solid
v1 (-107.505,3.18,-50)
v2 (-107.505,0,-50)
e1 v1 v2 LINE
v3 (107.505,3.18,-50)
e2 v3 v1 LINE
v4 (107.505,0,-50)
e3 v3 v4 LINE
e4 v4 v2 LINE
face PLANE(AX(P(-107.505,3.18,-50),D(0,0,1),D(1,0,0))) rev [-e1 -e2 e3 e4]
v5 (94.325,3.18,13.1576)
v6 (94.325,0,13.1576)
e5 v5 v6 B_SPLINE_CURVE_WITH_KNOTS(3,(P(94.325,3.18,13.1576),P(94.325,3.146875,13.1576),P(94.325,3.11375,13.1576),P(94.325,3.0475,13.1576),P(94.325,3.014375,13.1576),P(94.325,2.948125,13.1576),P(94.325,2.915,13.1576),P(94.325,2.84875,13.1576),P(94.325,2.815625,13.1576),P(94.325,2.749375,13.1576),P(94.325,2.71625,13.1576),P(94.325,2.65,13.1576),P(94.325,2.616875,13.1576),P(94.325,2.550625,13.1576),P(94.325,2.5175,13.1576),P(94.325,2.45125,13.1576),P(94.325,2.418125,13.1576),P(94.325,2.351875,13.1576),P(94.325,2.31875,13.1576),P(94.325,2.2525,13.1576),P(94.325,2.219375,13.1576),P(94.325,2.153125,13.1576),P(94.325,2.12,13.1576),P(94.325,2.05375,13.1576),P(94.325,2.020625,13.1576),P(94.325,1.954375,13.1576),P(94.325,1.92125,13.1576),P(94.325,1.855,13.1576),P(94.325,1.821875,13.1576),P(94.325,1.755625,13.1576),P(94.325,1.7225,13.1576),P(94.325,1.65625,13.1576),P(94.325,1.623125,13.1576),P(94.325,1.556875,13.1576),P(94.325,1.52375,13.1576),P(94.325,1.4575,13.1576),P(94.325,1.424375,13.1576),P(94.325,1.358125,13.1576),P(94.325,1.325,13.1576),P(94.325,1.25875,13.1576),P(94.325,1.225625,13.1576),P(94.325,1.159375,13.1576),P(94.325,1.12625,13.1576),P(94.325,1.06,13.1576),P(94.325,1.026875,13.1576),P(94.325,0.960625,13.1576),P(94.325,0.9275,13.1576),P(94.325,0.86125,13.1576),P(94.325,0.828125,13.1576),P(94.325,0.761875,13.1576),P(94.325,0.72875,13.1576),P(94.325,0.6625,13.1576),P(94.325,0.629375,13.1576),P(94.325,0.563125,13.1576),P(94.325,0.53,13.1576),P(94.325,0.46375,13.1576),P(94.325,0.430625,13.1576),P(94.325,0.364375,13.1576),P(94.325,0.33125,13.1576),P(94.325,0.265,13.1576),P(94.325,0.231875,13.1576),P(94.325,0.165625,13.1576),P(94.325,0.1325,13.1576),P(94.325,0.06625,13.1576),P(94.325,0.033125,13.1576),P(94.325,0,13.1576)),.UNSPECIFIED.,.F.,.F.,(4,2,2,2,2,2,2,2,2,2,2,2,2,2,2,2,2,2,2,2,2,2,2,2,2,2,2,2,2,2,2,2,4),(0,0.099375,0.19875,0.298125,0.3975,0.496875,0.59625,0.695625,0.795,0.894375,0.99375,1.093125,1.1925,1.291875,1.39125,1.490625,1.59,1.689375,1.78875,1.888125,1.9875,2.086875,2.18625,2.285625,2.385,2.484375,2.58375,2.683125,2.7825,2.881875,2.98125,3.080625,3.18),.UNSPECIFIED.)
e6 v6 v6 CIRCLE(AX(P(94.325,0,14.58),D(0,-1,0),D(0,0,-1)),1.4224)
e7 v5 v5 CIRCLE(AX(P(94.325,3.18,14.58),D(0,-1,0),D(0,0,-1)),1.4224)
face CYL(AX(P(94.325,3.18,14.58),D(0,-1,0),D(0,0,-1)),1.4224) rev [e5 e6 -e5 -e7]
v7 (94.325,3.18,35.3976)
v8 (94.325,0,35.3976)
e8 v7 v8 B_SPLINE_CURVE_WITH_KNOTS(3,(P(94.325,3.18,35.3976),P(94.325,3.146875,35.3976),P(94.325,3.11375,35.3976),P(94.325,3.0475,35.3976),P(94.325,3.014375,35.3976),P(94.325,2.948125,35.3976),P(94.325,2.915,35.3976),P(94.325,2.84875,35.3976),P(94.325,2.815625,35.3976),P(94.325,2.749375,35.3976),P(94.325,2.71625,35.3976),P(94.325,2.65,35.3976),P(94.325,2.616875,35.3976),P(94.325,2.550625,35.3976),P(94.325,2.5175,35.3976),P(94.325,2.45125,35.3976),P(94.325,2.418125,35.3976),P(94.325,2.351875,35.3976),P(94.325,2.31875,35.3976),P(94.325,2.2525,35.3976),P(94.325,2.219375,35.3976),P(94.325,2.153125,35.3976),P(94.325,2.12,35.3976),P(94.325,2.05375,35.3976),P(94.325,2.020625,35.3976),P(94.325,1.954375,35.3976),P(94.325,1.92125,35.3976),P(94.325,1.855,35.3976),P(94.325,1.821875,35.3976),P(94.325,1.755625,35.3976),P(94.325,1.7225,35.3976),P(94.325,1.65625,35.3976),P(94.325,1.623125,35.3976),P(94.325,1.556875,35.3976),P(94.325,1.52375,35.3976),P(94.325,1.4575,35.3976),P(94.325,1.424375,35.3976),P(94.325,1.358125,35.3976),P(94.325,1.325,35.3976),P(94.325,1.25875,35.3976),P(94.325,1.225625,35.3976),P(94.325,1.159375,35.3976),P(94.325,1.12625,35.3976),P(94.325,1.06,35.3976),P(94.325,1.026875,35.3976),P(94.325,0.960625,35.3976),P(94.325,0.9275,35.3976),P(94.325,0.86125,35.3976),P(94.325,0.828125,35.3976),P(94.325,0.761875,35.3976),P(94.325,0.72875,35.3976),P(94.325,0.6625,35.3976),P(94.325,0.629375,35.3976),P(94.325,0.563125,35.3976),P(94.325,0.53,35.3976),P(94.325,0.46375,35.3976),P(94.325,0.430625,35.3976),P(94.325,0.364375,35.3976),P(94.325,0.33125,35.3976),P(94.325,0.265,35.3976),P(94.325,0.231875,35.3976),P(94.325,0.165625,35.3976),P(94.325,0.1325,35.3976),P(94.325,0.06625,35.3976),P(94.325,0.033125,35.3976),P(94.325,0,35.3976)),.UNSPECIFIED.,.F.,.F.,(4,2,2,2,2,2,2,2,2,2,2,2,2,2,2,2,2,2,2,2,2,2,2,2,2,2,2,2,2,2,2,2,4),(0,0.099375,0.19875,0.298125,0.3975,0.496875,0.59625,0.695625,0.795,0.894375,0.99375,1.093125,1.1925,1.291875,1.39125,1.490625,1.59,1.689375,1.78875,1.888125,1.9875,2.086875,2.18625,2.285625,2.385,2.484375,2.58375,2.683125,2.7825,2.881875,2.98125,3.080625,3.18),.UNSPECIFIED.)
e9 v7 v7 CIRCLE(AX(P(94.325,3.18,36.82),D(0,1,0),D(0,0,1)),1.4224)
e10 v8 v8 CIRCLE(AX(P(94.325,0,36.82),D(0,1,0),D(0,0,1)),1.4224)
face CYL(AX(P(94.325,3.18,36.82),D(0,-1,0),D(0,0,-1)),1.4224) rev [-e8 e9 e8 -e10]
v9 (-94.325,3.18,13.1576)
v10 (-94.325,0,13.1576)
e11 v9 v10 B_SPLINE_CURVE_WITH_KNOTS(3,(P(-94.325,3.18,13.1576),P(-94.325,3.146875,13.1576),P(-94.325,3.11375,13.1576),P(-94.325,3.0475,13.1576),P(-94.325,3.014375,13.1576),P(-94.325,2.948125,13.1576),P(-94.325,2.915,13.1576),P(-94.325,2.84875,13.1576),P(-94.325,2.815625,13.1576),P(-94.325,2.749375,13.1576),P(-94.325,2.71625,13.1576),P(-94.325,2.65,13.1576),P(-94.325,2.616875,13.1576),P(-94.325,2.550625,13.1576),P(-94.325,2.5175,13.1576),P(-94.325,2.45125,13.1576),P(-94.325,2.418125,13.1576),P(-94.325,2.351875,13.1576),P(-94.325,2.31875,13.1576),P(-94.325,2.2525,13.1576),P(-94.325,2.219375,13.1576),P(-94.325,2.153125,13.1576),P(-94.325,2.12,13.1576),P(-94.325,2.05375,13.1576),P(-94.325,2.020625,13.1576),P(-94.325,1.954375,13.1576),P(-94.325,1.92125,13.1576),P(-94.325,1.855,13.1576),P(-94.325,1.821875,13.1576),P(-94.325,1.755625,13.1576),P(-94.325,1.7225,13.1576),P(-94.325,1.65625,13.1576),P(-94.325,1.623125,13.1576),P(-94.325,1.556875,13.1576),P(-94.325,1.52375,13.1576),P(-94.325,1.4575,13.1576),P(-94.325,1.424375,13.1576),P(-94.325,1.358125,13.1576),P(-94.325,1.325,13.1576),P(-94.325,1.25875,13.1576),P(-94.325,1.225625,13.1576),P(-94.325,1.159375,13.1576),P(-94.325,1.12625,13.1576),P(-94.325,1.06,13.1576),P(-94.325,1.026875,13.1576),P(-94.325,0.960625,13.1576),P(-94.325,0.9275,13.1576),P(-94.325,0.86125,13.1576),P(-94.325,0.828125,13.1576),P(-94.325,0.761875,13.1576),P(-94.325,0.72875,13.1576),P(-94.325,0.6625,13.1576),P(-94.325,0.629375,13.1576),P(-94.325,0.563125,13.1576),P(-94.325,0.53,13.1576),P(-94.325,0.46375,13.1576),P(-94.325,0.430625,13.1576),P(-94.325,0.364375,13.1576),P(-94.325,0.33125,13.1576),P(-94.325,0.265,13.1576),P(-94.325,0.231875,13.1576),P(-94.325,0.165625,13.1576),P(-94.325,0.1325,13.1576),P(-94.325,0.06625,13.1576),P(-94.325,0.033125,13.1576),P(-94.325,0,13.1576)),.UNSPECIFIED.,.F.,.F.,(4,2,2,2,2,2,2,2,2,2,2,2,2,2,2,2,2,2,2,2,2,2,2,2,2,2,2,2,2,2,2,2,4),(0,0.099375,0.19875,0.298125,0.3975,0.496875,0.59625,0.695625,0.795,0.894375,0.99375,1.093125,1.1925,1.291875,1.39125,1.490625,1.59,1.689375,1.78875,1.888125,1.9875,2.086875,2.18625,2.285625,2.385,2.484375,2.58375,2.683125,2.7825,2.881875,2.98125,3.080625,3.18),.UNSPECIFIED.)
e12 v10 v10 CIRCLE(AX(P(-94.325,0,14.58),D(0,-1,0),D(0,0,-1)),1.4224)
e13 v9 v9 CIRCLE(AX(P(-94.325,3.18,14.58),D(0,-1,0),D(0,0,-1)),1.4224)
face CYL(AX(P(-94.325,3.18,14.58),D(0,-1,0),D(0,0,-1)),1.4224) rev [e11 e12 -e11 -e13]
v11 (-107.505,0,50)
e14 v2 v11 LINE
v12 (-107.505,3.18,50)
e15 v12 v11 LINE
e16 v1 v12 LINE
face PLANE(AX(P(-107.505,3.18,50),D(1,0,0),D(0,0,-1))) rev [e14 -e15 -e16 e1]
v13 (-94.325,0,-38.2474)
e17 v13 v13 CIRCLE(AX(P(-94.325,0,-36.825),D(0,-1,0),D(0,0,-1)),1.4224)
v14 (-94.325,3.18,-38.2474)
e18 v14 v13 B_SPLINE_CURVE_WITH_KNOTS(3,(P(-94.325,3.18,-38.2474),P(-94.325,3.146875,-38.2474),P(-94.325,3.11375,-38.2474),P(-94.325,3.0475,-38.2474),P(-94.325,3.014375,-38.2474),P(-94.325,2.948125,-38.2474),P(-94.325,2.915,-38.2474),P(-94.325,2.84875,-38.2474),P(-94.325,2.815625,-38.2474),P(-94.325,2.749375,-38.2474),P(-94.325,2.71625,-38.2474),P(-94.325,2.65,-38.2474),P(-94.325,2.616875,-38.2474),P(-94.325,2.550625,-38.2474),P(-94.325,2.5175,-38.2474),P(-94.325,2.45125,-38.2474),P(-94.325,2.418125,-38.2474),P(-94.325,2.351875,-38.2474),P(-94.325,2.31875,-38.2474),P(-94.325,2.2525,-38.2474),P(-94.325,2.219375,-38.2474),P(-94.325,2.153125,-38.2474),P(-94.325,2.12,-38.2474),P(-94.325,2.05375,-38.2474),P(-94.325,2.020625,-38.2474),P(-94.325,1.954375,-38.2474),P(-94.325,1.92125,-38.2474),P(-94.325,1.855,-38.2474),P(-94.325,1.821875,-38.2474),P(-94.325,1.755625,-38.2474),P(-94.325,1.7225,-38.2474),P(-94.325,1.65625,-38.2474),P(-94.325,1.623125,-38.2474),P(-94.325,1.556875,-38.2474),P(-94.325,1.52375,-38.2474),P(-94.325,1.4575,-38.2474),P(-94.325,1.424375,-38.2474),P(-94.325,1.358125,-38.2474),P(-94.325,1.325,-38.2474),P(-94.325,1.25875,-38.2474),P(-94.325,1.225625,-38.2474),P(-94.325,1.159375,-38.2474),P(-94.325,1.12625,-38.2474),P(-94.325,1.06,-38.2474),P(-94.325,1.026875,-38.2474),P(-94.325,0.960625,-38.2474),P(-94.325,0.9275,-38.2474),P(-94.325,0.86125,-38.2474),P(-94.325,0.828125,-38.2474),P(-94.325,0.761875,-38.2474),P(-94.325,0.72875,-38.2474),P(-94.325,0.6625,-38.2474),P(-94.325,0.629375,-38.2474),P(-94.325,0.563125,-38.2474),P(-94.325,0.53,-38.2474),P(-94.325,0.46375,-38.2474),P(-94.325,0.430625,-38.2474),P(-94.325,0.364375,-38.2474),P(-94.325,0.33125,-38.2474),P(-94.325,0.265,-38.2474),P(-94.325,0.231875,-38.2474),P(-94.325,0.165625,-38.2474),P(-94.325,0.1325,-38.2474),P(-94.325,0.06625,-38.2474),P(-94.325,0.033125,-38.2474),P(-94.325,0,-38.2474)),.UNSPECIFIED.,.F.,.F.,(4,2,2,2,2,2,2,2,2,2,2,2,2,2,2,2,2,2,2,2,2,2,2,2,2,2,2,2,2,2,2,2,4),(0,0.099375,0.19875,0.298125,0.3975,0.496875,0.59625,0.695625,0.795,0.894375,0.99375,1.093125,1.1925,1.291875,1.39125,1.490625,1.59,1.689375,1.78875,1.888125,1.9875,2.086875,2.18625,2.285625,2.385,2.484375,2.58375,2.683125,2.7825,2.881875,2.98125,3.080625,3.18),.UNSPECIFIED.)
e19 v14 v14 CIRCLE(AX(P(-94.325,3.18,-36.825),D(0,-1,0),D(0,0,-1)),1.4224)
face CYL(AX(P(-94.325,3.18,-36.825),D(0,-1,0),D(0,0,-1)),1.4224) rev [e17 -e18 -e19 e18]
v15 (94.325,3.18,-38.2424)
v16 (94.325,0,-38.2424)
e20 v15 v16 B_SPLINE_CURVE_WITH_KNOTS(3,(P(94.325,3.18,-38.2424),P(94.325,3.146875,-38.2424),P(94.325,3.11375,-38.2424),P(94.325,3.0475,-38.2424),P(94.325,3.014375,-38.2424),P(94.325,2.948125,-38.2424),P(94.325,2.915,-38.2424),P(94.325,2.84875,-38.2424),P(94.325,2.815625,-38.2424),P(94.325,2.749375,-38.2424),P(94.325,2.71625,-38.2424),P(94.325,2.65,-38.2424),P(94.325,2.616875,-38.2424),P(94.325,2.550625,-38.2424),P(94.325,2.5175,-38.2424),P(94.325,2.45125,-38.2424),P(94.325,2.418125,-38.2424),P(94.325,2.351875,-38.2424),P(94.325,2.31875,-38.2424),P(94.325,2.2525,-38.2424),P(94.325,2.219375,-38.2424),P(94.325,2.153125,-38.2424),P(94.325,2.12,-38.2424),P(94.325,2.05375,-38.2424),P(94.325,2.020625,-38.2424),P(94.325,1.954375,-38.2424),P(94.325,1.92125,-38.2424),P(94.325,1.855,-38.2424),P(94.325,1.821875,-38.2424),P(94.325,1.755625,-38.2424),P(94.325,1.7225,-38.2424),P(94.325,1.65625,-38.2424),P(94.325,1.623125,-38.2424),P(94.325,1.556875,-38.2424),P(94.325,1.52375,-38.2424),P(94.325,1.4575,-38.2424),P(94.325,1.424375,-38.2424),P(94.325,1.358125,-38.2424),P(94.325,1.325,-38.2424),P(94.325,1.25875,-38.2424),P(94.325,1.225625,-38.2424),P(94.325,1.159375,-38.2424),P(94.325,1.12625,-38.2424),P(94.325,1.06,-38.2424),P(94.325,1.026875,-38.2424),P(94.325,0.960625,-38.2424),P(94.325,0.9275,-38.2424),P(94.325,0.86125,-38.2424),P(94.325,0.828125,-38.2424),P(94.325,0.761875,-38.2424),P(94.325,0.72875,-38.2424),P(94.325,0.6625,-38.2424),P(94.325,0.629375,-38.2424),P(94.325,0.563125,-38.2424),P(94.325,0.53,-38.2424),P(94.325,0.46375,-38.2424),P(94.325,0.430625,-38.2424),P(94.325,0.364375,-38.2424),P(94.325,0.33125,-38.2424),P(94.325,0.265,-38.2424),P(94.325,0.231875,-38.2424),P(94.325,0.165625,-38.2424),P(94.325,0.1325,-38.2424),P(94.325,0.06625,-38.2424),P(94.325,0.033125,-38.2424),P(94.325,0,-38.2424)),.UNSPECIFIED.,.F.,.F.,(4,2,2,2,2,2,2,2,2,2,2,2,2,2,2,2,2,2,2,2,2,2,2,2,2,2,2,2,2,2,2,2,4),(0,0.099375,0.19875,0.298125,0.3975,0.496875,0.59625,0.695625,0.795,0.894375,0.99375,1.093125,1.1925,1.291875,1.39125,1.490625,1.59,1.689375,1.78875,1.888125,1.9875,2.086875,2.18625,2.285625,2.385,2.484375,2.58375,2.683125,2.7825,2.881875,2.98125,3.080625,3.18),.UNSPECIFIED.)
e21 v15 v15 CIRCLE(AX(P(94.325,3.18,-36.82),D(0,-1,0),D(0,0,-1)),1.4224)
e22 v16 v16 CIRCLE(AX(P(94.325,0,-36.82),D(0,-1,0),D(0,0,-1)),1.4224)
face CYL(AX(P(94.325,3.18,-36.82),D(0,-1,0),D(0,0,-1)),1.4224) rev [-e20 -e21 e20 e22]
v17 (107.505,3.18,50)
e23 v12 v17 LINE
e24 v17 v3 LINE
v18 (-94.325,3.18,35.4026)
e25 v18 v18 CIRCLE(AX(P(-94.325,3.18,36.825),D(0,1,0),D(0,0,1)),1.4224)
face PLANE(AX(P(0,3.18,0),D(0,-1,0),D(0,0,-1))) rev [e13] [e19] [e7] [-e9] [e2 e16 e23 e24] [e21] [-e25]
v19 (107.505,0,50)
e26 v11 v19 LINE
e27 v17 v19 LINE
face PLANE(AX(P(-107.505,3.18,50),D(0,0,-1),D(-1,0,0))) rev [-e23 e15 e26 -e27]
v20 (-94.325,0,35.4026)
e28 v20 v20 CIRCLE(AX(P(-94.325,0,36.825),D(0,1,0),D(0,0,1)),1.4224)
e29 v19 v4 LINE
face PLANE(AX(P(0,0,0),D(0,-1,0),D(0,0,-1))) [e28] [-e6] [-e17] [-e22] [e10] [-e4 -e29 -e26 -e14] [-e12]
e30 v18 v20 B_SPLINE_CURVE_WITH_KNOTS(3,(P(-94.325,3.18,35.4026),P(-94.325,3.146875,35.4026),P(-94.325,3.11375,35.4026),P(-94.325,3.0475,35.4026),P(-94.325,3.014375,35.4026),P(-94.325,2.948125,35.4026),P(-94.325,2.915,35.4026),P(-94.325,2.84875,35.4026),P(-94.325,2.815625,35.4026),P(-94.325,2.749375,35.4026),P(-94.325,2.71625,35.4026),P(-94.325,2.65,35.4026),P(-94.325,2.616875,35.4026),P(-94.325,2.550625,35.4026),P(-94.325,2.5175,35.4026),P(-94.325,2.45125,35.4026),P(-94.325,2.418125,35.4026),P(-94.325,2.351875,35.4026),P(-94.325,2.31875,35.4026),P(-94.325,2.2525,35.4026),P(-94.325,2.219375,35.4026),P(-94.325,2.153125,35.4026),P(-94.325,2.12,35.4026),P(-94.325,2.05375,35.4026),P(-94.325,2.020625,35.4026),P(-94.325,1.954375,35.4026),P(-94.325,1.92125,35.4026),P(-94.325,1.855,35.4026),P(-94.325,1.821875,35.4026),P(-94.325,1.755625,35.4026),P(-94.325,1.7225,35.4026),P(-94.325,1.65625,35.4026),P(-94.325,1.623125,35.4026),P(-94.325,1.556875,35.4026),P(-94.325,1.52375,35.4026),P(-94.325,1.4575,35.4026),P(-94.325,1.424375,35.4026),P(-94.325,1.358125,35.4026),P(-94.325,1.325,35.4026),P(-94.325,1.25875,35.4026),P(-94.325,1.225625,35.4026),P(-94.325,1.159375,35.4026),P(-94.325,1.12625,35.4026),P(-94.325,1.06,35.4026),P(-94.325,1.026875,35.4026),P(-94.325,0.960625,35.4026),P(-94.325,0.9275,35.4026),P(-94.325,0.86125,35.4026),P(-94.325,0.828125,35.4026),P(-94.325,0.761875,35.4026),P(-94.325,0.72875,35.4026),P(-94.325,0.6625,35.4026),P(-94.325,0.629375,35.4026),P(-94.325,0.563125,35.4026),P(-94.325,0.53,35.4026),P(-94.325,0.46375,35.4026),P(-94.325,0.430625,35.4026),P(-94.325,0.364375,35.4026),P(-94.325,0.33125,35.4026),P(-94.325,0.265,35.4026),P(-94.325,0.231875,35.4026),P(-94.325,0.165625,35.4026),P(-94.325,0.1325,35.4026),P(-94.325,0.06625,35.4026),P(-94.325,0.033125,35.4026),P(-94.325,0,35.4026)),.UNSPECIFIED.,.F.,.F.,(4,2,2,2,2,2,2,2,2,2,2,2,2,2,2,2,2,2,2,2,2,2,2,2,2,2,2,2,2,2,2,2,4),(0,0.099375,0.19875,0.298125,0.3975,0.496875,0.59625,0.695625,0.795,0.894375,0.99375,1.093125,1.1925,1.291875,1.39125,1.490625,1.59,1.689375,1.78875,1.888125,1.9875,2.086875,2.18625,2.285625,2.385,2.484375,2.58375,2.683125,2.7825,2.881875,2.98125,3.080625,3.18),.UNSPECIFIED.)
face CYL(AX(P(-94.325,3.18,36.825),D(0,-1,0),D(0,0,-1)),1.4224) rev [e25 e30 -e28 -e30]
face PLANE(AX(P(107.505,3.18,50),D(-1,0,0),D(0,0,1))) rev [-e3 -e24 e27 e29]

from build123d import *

# Parameters (mm, degrees)
SKETCH1_W           = 215.01
SKETCH1_H           = 100
BOSS_EXTRUDE1_DEPTH = 3.18
SKETCH2_R           = 1.4224
CUT_EXTRUDE1_DEPTH  = 3.18
SKETCH4_R           = 1.4224
CUT_EXTRUDE4_DEPTH  = 3.18


with BuildPart() as part:
    # Sketch1 → Boss-Extrude1 (new body)
    with BuildSketch(Plane(origin=(0, 0, 0), x_dir=(1, 0, 0), z_dir=(0, 1, 0))):
        Rectangle(SKETCH1_W, SKETCH1_H)
    extrude(amount=BOSS_EXTRUDE1_DEPTH)

    # Sketch2 → Cut-Extrude1 (cut)
    with BuildSketch(Plane.XZ):
        with Locations(Location((-94.325, -36.825, 0), (0, 0, 270))):
            Circle(SKETCH2_R)
        with Locations(Location((94.325, -36.82, 0), (0, 0, 270))):
            Circle(SKETCH2_R)
    cut_extrude1 = extrude(amount=-CUT_EXTRUDE1_DEPTH, mode=Mode.SUBTRACT)

    # Mirror1: Cut-Extrude1 across plane
    add(cut_extrude1.mirror(Plane.XY), mode=Mode.SUBTRACT)

    # Sketch4 → Cut-Extrude4 (cut)
    with BuildSketch(Plane.XZ):
        with Locations(Location((-94.325, 14.58, 0), (0, 0, 270))):
            Circle(SKETCH4_R)
        with Locations(Location((94.325, 14.58, 0), (0, 0, 270))):
            Circle(SKETCH4_R)
    extrude(amount=-CUT_EXTRUDE4_DEPTH, mode=Mode.SUBTRACT)


solid = part.part
